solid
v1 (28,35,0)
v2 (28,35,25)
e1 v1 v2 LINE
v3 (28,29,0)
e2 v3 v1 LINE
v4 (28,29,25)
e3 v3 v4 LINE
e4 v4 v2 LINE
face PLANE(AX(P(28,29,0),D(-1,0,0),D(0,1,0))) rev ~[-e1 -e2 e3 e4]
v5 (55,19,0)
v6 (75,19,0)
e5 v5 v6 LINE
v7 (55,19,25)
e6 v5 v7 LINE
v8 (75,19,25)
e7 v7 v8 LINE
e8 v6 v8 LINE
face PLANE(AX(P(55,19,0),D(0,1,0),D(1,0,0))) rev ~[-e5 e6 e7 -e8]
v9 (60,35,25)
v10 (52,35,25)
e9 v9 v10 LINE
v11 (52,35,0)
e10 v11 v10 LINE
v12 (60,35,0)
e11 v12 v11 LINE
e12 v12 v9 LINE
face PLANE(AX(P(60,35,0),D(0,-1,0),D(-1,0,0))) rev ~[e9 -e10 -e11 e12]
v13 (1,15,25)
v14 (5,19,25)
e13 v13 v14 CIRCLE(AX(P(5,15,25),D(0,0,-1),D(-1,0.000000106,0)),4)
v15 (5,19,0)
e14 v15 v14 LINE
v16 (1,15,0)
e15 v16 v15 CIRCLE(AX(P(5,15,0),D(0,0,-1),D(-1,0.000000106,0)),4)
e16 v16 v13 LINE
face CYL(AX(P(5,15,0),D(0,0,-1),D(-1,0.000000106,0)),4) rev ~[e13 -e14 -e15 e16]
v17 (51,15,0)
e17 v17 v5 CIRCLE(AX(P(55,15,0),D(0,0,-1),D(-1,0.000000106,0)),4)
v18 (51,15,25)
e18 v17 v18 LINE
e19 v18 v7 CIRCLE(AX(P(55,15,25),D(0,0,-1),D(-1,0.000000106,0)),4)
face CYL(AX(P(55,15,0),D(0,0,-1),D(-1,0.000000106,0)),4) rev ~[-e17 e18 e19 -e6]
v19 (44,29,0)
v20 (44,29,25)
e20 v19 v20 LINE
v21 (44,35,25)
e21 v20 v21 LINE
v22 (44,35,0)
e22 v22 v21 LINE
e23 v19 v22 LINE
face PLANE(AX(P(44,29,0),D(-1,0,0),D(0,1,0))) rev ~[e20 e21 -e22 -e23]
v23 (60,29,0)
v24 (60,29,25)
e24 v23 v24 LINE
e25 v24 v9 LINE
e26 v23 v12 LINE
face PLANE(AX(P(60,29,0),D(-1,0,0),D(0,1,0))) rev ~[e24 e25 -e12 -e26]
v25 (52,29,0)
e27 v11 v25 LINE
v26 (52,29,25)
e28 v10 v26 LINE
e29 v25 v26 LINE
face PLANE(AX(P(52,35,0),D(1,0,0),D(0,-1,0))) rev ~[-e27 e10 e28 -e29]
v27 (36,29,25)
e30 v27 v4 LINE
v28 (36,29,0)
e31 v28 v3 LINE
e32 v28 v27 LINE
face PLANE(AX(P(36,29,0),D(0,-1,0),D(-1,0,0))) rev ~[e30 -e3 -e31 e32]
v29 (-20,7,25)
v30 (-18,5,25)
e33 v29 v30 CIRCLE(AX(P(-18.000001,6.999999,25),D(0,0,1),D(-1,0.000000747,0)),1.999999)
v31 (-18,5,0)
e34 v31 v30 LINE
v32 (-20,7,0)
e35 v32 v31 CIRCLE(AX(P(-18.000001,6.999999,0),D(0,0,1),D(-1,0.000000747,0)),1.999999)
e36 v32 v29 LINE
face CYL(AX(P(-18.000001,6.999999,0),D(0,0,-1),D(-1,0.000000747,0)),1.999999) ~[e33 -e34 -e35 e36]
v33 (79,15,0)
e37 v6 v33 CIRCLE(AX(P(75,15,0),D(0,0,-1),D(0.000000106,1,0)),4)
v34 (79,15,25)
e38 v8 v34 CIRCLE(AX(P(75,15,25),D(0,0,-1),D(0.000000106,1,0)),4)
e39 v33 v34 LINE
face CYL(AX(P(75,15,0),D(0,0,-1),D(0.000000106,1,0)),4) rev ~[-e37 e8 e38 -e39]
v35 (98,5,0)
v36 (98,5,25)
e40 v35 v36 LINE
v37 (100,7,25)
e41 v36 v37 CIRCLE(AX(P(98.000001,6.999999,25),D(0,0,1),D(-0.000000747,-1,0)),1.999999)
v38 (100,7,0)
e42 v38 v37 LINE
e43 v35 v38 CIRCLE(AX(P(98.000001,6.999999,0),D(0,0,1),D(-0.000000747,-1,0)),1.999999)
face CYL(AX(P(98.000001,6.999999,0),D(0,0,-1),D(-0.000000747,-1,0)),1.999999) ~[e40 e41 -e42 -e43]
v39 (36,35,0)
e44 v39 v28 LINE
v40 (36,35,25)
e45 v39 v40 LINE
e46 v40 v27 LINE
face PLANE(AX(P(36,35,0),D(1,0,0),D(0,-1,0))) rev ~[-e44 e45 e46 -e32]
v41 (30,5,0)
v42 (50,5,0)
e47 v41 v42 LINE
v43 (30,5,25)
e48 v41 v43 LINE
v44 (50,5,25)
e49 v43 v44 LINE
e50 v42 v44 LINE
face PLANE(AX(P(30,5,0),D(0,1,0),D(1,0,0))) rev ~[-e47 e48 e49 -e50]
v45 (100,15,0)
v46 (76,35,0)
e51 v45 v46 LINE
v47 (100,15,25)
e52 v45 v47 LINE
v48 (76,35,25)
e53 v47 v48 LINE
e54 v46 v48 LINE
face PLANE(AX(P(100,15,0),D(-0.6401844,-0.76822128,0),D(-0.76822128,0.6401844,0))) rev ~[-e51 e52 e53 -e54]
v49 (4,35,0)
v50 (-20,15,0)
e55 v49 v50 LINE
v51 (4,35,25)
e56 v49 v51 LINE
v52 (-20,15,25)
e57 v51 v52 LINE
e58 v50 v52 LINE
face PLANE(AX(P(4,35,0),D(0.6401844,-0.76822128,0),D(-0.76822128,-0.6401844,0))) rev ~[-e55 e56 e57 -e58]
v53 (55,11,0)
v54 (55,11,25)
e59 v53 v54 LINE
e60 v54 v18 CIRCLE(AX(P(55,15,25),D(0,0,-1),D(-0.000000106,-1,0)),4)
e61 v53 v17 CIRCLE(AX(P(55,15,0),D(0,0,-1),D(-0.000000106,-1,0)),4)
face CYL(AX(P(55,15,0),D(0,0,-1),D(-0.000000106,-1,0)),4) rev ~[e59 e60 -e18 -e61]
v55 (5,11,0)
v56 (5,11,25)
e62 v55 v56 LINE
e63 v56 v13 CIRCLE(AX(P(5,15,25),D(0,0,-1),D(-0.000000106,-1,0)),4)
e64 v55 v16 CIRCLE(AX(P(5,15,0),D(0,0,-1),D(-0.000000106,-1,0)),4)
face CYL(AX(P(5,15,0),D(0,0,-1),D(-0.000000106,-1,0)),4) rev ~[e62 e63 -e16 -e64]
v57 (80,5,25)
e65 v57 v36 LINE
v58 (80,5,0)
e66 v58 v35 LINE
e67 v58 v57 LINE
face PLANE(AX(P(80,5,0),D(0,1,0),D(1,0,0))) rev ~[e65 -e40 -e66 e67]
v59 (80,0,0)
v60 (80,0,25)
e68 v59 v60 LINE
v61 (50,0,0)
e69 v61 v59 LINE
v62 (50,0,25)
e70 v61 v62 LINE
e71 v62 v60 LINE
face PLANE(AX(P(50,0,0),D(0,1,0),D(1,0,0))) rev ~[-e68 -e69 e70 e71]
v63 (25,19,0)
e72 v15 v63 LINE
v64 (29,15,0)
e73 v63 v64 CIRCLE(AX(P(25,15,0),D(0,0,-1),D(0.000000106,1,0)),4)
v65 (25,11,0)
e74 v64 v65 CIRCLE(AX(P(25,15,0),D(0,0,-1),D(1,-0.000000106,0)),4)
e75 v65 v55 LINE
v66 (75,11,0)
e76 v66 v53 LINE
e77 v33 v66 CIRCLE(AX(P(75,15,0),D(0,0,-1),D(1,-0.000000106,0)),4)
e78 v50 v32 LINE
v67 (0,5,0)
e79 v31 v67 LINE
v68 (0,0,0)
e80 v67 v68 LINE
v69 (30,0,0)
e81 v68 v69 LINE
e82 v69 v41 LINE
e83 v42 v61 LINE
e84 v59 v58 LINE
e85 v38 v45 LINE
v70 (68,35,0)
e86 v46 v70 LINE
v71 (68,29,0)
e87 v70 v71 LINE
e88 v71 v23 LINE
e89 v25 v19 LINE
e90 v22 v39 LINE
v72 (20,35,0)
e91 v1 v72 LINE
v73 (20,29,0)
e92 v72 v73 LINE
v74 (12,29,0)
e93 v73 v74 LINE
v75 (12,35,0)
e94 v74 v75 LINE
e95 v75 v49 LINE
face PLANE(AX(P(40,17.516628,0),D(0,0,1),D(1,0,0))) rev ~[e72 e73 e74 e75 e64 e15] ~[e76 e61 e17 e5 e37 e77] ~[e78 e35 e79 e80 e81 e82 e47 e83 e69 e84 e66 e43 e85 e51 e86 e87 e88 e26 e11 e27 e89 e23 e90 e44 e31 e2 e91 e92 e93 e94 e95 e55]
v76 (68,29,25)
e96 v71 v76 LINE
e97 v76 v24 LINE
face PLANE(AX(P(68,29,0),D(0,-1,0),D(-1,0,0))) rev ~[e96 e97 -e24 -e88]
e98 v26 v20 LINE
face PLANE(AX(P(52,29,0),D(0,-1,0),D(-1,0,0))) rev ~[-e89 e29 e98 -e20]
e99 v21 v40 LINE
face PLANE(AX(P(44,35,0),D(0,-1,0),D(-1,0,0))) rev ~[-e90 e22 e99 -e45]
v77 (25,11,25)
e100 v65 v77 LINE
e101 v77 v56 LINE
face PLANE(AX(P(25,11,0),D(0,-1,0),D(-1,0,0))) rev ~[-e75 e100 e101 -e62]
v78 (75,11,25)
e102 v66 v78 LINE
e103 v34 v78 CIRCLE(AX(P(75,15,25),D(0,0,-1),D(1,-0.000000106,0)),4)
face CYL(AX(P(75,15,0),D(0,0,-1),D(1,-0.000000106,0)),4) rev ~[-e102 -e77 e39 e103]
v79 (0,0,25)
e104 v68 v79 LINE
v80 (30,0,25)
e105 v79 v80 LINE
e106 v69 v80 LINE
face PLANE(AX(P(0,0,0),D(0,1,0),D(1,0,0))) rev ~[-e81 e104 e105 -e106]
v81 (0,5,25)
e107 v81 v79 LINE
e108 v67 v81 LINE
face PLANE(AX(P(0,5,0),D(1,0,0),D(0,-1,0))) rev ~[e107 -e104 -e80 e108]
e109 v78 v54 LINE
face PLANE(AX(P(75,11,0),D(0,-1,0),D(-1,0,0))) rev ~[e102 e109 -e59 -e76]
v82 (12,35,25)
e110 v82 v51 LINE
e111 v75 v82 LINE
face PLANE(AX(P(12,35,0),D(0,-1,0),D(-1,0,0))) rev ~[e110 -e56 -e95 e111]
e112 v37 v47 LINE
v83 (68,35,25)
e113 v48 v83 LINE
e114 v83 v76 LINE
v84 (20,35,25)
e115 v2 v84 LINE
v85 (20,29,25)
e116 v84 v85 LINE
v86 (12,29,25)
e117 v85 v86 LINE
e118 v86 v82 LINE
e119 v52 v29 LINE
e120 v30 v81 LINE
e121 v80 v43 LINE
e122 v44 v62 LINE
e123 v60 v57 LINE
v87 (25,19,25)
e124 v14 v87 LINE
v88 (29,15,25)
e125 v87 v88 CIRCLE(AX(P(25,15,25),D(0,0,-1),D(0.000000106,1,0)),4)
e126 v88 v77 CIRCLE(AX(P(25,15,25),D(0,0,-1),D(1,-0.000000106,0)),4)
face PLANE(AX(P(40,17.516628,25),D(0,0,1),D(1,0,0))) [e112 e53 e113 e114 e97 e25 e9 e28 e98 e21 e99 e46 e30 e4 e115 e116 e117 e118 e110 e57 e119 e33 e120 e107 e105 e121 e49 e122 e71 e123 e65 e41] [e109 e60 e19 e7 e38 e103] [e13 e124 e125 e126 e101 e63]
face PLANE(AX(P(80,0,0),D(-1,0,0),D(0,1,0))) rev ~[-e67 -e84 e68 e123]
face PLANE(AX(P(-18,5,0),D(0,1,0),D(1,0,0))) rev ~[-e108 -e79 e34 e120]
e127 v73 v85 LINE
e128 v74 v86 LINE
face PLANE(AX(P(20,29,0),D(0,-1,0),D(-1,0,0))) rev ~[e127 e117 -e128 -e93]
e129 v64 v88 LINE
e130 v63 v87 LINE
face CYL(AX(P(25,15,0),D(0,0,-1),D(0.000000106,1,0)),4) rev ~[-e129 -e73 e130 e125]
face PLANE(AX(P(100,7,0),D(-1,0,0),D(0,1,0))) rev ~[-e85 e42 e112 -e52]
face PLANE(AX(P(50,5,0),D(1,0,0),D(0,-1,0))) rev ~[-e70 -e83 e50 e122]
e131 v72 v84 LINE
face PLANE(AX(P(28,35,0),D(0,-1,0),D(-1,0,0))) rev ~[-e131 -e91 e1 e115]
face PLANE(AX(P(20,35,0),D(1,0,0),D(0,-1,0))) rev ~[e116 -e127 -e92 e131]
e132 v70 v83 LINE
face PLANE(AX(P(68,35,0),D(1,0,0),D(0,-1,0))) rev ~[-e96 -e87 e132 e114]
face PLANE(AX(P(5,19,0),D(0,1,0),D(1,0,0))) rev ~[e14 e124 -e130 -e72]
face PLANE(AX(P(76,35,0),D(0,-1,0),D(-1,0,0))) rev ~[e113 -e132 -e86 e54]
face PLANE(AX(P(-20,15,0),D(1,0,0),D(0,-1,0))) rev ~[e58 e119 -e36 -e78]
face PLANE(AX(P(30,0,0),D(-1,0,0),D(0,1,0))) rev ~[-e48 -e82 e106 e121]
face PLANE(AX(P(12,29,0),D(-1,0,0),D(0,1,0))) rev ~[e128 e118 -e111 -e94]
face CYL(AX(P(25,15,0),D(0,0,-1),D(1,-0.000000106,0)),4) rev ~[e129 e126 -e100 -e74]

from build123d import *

# Parameters (mm, degrees)
F1_DEPTH = 25


with BuildPart() as f1:
    # F0 (on Top) → F1 (new body)
    with BuildSketch(Plane.XY):
        with BuildLine():
            Line((0, 5), (0, 0))
            Line((0, 0), (29, 0))
            Line((29, 0), (30, 0))
            Line((30, 0), (30, 5))
            Line((30, 5), (50, 5))
            Line((50, 5), (50, 0))
            Line((50, 0), (80, 0))
            Line((80, 0), (80, 5))
            Line((80, 5), (98, 5))
            ThreePointArc((98, 5), (99.414214, 5.585786), (100, 7))
            Line((100, 7), (100, 15))
            Line((100, 15), (76, 35))
            Line((76, 35), (68, 35))
            Line((68, 35), (68, 29))
            Line((68, 29), (60, 29))
            Line((60, 29), (60, 35))
            Line((60, 35), (52, 35))
            Line((52, 35), (52, 29))
            Line((52, 29), (44, 29))
            Line((44, 29), (44, 35))
            Line((44, 35), (36, 35))
            Line((36, 35), (36, 29))
            Line((36, 29), (28, 29))
            Line((28, 29), (28, 35))
            Line((28, 35), (20, 35))
            Line((20, 35), (20, 29))
            Line((20, 29), (12, 29))
            Line((12, 29), (12, 35))
            Line((12, 35), (4, 35))
            Line((4, 35), (-20, 15))
            Line((-20, 15), (-20, 7))
            ThreePointArc((-20, 7), (-19.414214, 5.585786), (-18, 5))
            Line((-18, 5), (0, 5))
        make_face()
        with BuildLine():
            ThreePointArc((29, 15), (27.828427, 12.171573), (25, 11))
            Line((25, 11), (5, 11))
            ThreePointArc((5, 11), (2.171573, 12.171573), (1, 15))
            ThreePointArc((1, 15), (2.171573, 17.828427), (5, 19))
            Line((5, 19), (25, 19))
            ThreePointArc((25, 19), (27.828427, 17.828427), (29, 15))
        make_face(mode=Mode.SUBTRACT)
        with BuildLine():
            ThreePointArc((55, 11), (52.171573, 12.171573), (51, 15))
            ThreePointArc((51, 15), (52.171573, 17.828427), (55, 19))
            Line((55, 19), (75, 19))
            ThreePointArc((75, 19), (77.828427, 17.828427), (79, 15))
            ThreePointArc((79, 15), (77.828427, 12.171573), (75, 11))
            Line((75, 11), (55, 11))
        make_face(mode=Mode.SUBTRACT)
    extrude(amount=F1_DEPTH)


solid = f1.part
